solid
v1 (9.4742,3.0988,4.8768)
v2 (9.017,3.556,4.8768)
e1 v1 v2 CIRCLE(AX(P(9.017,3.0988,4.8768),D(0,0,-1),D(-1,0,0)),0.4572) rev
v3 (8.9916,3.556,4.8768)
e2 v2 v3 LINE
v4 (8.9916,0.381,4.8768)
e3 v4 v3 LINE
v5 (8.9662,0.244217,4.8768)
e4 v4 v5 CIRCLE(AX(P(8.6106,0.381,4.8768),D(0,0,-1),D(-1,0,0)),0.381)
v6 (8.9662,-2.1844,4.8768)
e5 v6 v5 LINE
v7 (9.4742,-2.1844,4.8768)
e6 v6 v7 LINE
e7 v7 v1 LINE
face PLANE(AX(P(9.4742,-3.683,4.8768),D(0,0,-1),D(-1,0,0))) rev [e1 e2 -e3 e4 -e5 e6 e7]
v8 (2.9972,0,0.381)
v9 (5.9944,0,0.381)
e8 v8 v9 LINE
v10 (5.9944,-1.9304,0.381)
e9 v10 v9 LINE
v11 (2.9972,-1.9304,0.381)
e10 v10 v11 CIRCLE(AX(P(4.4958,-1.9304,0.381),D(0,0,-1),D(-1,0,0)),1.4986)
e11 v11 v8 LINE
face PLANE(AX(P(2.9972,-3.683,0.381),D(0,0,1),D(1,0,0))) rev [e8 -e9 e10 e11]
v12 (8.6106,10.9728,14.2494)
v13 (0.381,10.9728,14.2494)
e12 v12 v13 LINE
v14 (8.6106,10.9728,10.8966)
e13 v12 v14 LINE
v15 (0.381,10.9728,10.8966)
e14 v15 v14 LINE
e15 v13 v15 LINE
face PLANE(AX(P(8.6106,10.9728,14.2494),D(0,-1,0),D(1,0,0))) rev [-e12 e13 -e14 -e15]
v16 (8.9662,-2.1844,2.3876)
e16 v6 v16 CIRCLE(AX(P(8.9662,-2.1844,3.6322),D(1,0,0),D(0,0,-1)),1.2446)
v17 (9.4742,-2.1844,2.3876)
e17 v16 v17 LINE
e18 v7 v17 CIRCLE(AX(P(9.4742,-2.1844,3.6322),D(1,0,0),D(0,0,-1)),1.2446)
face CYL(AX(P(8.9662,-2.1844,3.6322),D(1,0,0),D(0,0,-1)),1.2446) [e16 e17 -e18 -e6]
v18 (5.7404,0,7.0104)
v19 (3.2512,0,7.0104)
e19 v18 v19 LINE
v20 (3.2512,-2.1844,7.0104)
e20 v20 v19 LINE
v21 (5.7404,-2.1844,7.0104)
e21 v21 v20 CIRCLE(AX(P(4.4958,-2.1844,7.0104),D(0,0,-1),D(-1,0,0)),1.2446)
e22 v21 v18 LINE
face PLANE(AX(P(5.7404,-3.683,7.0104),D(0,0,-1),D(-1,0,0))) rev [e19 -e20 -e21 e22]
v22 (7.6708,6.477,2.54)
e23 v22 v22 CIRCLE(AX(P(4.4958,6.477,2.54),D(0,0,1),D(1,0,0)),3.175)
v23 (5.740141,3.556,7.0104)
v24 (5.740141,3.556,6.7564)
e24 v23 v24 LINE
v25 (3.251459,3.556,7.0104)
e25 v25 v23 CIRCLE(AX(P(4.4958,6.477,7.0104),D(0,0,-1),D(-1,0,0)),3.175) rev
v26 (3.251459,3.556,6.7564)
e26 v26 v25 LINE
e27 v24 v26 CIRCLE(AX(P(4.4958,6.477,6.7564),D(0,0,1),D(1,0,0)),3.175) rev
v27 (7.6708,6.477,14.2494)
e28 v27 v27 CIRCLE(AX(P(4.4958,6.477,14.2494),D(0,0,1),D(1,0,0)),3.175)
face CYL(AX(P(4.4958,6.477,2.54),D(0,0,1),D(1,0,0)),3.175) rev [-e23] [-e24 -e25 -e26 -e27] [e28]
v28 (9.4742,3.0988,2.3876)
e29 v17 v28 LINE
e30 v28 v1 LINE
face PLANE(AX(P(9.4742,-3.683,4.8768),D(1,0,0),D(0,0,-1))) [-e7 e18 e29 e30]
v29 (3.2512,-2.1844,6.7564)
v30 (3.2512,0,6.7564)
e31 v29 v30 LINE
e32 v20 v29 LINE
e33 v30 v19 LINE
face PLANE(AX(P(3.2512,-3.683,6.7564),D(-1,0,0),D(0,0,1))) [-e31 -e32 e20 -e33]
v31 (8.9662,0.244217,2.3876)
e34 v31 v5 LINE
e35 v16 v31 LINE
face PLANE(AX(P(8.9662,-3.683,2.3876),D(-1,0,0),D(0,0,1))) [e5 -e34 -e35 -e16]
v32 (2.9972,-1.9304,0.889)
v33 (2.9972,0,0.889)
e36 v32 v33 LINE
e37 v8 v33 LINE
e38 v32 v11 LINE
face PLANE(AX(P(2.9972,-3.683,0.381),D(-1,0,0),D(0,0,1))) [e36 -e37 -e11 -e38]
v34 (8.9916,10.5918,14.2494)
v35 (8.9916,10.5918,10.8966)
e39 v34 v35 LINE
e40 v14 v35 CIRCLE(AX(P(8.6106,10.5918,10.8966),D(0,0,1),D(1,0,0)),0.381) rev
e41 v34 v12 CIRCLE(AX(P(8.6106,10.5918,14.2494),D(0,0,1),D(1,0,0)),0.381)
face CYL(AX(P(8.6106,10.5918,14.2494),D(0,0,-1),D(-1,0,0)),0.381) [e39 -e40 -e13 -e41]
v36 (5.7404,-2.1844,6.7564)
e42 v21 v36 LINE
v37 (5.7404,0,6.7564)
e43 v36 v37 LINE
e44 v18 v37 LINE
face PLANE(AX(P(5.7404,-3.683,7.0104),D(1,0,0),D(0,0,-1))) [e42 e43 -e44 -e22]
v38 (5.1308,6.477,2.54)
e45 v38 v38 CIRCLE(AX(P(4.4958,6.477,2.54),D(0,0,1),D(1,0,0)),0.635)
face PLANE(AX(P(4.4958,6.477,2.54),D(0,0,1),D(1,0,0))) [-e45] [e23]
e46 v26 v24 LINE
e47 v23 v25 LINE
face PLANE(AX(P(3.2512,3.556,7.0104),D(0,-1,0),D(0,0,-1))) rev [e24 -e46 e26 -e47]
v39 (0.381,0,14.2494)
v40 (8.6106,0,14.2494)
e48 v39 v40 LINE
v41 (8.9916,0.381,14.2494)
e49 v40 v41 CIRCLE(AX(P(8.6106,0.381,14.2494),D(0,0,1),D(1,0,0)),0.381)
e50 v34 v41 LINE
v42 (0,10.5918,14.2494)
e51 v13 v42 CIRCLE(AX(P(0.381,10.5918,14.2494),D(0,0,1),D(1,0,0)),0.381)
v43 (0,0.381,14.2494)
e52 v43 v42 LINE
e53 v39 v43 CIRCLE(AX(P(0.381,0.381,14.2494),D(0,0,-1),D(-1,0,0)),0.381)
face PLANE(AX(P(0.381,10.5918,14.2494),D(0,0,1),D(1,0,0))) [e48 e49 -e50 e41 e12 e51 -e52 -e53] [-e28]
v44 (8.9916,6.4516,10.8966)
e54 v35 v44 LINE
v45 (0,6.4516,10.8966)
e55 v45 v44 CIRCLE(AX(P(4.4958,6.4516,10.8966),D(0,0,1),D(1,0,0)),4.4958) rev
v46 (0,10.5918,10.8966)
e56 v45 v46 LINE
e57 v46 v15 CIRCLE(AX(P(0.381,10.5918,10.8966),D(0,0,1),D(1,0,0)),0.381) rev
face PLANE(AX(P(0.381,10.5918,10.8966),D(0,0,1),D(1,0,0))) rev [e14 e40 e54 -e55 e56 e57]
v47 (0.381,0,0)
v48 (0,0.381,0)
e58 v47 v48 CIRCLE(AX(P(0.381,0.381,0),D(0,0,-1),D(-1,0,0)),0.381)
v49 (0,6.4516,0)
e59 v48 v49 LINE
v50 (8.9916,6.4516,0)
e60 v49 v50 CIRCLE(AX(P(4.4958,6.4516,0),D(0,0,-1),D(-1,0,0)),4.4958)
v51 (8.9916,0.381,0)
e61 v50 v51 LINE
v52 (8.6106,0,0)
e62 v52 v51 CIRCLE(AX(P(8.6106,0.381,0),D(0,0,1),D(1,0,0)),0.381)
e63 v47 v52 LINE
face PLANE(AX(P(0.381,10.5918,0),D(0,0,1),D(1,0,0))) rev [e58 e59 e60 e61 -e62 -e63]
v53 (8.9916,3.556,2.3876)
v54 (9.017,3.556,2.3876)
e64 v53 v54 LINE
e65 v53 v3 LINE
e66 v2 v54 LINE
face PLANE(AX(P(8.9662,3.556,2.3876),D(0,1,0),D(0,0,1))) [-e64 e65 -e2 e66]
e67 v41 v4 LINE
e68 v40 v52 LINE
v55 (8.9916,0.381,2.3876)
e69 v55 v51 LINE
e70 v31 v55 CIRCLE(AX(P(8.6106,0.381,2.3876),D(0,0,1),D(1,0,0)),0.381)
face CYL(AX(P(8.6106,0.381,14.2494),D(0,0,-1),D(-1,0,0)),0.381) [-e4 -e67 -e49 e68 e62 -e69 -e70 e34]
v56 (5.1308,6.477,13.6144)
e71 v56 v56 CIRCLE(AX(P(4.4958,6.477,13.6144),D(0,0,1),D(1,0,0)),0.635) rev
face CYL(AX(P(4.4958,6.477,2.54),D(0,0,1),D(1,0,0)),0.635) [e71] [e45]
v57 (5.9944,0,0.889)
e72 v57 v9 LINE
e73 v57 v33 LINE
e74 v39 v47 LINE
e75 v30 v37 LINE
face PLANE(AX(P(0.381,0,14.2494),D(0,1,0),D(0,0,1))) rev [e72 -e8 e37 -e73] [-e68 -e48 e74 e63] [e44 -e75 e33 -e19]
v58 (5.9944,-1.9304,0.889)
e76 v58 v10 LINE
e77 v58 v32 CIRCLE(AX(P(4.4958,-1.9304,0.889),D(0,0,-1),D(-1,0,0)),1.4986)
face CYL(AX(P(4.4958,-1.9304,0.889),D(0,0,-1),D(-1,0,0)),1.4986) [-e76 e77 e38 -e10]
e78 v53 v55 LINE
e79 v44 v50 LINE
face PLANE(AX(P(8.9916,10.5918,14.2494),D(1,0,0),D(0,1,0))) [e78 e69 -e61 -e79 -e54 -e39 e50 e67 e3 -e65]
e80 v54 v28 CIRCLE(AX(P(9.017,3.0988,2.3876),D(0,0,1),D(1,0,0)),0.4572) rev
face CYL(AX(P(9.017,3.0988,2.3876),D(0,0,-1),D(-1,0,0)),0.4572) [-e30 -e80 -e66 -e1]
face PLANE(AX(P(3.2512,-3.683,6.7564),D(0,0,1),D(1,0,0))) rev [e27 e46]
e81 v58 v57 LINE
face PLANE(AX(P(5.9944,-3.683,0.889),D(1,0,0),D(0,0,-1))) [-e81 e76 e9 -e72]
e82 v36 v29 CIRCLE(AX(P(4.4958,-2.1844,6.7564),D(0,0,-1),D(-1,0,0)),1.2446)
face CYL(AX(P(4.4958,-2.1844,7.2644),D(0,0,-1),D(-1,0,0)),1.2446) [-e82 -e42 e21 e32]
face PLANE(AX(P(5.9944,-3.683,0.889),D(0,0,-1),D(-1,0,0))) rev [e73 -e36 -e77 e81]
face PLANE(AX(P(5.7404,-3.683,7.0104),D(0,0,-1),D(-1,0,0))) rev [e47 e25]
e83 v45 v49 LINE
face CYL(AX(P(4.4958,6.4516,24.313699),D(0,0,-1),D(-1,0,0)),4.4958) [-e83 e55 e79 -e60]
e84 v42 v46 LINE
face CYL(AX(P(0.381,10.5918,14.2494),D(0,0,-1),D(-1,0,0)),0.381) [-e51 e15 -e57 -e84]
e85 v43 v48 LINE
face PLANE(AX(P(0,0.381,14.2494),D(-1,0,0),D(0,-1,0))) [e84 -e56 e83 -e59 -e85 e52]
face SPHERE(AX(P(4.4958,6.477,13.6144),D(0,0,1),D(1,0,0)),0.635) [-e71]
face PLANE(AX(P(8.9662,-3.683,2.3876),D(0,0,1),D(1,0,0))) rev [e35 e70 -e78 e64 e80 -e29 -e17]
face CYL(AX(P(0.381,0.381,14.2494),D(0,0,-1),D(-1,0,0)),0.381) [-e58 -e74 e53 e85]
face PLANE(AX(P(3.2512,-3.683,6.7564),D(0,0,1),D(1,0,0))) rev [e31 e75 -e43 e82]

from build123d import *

# Parameters (mm, degrees)
BASE_EXTRUDE_DEPTH       = 14.2494
SKETCH2_R                = 3.175
SKETCH2_R_2              = 0.635
CUT_EXTRUDE1_DEPTH       = 11.7094
FILLET1_R                = 0.635
CUT_EXTRUDE2_DEPTH       = 10.8966
SKETCH4_W                = 0.508
SKETCH4_H                = 2.4892
SKETCH4_W_2              = 2.9972
SKETCH4_H_2              = 0.508
SKETCH4_W_3              = 2.4892
SKETCH4_H_3              = 0.254
BOSS_EXTRUDE1_DEPTH      = 3.683
BOSS_EXTRUDE1_DEPTH_BACK = 3.556
FILLET2_R                = 0.4572
CUT_EXTRUDE3_DEPTH       = 0.508
CUT_EXTRUDE4_DEPTH       = 0.508
CUT_EXTRUDE5_DEPTH       = 0.508


with BuildPart() as part:
    # Sketch1 → Base-Extrude (new body)
    with BuildSketch(Plane.XY):
        with BuildLine():
            Line((0.381, 0), (8.6106, 0))
            ThreePointArc((8.6106, 0), (8.880007684, 0.111592316), (8.9916, 0.381))
            Line((8.9916, 0.381), (8.9916, 10.5918))
            ThreePointArc((8.9916, 10.5918), (8.880007684, 10.861207684), (8.6106, 10.9728))
            Line((8.6106, 10.9728), (0.381, 10.9728))
            ThreePointArc((0.381, 10.9728), (0.111592316, 10.861207684), (0, 10.5918))
            Line((0, 10.5918), (0, 0.381))
            ThreePointArc((0, 0.381), (0.111592316, 0.111592316), (0.381, 0))
        make_face()
    extrude(amount=BASE_EXTRUDE_DEPTH)

    # Sketch2 → Cut-Extrude1 (cut)
    with BuildSketch(Plane.XY.offset(14.2494)):
        with Locations((4.4958, 6.477)):
            Circle(SKETCH2_R)
        with Locations((4.4958, 6.477)):
            Circle(SKETCH2_R_2, mode=Mode.SUBTRACT)
    extrude(amount=-CUT_EXTRUDE1_DEPTH, mode=Mode.SUBTRACT)

    # Fillet1
    fillet1_edges = [part.edges().sort_by_distance(p)[0] for p in [
        (3.8608, 6.477, 14.2494),
    ]]
    fillet(fillet1_edges, radius=FILLET1_R)

    # Sketch3 → Cut-Extrude2 (cut)
    with BuildSketch(Plane(origin=(0, 0, 0), x_dir=(-1, 0, 0), z_dir=(0, 0, -1))):
        with BuildLine():
            Line((-0.381, 10.9728), (-8.6106, 10.9728))
            ThreePointArc((-8.6106, 10.9728), (-8.880007684, 10.861207684), (-8.9916, 10.5918))
            Line((-8.9916, 10.5918), (-8.9916, 6.4516))
            ThreePointArc((-8.9916, 6.4516), (-4.4958, 10.9474), (0, 6.4516))
            Line((0, 6.4516), (0, 10.5918))
            ThreePointArc((0, 10.5918), (-0.111592316, 10.861207684), (-0.381, 10.9728))
        make_face()
    extrude(amount=-CUT_EXTRUDE2_DEPTH, mode=Mode.SUBTRACT)

    # Sketch4 → Boss-Extrude1 (add, two sides)
    with BuildSketch(Plane.XZ) as boss_extrude1_sk:
        with Locations((9.2202, 3.6322)):
            Rectangle(SKETCH4_W, SKETCH4_H)
        with Locations((4.4958, 0.635)):
            Rectangle(SKETCH4_W_2, SKETCH4_H_2)
        with Locations((4.4958, 6.8834)):
            Rectangle(SKETCH4_W_3, SKETCH4_H_3)
    extrude(amount=BOSS_EXTRUDE1_DEPTH)
    extrude(boss_extrude1_sk.sketch, amount=-BOSS_EXTRUDE1_DEPTH_BACK)

    # Fillet2
    fillet2_edges = [part.edges().sort_by_distance(p)[0] for p in [
        (9.4742, 3.556, 3.6322),
    ]]
    fillet(fillet2_edges, radius=FILLET2_R)

    # Sketch5 → Cut-Extrude3 (cut)
    with BuildSketch(Plane(origin=(0, 0, 0.381), x_dir=(-1, 0, 0), z_dir=(0, 0, -1))):
        with BuildLine():
            Line((-2.9972, -3.683), (-5.9944, -3.683))
            Line((-5.9944, -3.683), (-5.9944, -1.9304))
            ThreePointArc((-5.9944, -1.9304), (-4.4958, -3.429), (-2.9972, -1.9304))
            Line((-2.9972, -1.9304), (-2.9972, -3.683))
        make_face()
    extrude(amount=-CUT_EXTRUDE3_DEPTH, mode=Mode.SUBTRACT)

    # Sketch6 → Cut-Extrude4 (cut)
    with BuildSketch(Plane(origin=(0.312334932, -0.354120005, 6.7564), x_dir=(-1, 0, 0), z_dir=(0, 0, -1))):
        with BuildLine():
            Line((-2.938865068, -3.328879995), (-5.428065068, -3.328879995))
            Line((-5.428065068, -3.328879995), (-5.428065068, -1.830279995))
            ThreePointArc((-5.428065068, -1.830279995), (-4.183465068, -3.074879995), (-2.938865068, -1.830279995))
            Line((-2.938865068, -1.830279995), (-2.938865068, -3.328879995))
        make_face()
    extrude(amount=-CUT_EXTRUDE4_DEPTH, mode=Mode.SUBTRACT)

    # Sketch7 → Cut-Extrude5 (cut)
    with BuildSketch(Plane(origin=(9.4742, 0, 0), x_dir=(0, 0, -1), z_dir=(1, 0, 0))):
        with BuildLine():
            Line((-2.3876, -3.683), (-2.3876, -2.1844))
            ThreePointArc((-2.3876, -2.1844), (-3.6322, -3.429), (-4.8768, -2.1844))
            Line((-4.8768, -2.1844), (-4.8768, -3.683))
            Line((-4.8768, -3.683), (-2.3876, -3.683))
        make_face()
    extrude(amount=-CUT_EXTRUDE5_DEPTH, mode=Mode.SUBTRACT)


solid = part.part
